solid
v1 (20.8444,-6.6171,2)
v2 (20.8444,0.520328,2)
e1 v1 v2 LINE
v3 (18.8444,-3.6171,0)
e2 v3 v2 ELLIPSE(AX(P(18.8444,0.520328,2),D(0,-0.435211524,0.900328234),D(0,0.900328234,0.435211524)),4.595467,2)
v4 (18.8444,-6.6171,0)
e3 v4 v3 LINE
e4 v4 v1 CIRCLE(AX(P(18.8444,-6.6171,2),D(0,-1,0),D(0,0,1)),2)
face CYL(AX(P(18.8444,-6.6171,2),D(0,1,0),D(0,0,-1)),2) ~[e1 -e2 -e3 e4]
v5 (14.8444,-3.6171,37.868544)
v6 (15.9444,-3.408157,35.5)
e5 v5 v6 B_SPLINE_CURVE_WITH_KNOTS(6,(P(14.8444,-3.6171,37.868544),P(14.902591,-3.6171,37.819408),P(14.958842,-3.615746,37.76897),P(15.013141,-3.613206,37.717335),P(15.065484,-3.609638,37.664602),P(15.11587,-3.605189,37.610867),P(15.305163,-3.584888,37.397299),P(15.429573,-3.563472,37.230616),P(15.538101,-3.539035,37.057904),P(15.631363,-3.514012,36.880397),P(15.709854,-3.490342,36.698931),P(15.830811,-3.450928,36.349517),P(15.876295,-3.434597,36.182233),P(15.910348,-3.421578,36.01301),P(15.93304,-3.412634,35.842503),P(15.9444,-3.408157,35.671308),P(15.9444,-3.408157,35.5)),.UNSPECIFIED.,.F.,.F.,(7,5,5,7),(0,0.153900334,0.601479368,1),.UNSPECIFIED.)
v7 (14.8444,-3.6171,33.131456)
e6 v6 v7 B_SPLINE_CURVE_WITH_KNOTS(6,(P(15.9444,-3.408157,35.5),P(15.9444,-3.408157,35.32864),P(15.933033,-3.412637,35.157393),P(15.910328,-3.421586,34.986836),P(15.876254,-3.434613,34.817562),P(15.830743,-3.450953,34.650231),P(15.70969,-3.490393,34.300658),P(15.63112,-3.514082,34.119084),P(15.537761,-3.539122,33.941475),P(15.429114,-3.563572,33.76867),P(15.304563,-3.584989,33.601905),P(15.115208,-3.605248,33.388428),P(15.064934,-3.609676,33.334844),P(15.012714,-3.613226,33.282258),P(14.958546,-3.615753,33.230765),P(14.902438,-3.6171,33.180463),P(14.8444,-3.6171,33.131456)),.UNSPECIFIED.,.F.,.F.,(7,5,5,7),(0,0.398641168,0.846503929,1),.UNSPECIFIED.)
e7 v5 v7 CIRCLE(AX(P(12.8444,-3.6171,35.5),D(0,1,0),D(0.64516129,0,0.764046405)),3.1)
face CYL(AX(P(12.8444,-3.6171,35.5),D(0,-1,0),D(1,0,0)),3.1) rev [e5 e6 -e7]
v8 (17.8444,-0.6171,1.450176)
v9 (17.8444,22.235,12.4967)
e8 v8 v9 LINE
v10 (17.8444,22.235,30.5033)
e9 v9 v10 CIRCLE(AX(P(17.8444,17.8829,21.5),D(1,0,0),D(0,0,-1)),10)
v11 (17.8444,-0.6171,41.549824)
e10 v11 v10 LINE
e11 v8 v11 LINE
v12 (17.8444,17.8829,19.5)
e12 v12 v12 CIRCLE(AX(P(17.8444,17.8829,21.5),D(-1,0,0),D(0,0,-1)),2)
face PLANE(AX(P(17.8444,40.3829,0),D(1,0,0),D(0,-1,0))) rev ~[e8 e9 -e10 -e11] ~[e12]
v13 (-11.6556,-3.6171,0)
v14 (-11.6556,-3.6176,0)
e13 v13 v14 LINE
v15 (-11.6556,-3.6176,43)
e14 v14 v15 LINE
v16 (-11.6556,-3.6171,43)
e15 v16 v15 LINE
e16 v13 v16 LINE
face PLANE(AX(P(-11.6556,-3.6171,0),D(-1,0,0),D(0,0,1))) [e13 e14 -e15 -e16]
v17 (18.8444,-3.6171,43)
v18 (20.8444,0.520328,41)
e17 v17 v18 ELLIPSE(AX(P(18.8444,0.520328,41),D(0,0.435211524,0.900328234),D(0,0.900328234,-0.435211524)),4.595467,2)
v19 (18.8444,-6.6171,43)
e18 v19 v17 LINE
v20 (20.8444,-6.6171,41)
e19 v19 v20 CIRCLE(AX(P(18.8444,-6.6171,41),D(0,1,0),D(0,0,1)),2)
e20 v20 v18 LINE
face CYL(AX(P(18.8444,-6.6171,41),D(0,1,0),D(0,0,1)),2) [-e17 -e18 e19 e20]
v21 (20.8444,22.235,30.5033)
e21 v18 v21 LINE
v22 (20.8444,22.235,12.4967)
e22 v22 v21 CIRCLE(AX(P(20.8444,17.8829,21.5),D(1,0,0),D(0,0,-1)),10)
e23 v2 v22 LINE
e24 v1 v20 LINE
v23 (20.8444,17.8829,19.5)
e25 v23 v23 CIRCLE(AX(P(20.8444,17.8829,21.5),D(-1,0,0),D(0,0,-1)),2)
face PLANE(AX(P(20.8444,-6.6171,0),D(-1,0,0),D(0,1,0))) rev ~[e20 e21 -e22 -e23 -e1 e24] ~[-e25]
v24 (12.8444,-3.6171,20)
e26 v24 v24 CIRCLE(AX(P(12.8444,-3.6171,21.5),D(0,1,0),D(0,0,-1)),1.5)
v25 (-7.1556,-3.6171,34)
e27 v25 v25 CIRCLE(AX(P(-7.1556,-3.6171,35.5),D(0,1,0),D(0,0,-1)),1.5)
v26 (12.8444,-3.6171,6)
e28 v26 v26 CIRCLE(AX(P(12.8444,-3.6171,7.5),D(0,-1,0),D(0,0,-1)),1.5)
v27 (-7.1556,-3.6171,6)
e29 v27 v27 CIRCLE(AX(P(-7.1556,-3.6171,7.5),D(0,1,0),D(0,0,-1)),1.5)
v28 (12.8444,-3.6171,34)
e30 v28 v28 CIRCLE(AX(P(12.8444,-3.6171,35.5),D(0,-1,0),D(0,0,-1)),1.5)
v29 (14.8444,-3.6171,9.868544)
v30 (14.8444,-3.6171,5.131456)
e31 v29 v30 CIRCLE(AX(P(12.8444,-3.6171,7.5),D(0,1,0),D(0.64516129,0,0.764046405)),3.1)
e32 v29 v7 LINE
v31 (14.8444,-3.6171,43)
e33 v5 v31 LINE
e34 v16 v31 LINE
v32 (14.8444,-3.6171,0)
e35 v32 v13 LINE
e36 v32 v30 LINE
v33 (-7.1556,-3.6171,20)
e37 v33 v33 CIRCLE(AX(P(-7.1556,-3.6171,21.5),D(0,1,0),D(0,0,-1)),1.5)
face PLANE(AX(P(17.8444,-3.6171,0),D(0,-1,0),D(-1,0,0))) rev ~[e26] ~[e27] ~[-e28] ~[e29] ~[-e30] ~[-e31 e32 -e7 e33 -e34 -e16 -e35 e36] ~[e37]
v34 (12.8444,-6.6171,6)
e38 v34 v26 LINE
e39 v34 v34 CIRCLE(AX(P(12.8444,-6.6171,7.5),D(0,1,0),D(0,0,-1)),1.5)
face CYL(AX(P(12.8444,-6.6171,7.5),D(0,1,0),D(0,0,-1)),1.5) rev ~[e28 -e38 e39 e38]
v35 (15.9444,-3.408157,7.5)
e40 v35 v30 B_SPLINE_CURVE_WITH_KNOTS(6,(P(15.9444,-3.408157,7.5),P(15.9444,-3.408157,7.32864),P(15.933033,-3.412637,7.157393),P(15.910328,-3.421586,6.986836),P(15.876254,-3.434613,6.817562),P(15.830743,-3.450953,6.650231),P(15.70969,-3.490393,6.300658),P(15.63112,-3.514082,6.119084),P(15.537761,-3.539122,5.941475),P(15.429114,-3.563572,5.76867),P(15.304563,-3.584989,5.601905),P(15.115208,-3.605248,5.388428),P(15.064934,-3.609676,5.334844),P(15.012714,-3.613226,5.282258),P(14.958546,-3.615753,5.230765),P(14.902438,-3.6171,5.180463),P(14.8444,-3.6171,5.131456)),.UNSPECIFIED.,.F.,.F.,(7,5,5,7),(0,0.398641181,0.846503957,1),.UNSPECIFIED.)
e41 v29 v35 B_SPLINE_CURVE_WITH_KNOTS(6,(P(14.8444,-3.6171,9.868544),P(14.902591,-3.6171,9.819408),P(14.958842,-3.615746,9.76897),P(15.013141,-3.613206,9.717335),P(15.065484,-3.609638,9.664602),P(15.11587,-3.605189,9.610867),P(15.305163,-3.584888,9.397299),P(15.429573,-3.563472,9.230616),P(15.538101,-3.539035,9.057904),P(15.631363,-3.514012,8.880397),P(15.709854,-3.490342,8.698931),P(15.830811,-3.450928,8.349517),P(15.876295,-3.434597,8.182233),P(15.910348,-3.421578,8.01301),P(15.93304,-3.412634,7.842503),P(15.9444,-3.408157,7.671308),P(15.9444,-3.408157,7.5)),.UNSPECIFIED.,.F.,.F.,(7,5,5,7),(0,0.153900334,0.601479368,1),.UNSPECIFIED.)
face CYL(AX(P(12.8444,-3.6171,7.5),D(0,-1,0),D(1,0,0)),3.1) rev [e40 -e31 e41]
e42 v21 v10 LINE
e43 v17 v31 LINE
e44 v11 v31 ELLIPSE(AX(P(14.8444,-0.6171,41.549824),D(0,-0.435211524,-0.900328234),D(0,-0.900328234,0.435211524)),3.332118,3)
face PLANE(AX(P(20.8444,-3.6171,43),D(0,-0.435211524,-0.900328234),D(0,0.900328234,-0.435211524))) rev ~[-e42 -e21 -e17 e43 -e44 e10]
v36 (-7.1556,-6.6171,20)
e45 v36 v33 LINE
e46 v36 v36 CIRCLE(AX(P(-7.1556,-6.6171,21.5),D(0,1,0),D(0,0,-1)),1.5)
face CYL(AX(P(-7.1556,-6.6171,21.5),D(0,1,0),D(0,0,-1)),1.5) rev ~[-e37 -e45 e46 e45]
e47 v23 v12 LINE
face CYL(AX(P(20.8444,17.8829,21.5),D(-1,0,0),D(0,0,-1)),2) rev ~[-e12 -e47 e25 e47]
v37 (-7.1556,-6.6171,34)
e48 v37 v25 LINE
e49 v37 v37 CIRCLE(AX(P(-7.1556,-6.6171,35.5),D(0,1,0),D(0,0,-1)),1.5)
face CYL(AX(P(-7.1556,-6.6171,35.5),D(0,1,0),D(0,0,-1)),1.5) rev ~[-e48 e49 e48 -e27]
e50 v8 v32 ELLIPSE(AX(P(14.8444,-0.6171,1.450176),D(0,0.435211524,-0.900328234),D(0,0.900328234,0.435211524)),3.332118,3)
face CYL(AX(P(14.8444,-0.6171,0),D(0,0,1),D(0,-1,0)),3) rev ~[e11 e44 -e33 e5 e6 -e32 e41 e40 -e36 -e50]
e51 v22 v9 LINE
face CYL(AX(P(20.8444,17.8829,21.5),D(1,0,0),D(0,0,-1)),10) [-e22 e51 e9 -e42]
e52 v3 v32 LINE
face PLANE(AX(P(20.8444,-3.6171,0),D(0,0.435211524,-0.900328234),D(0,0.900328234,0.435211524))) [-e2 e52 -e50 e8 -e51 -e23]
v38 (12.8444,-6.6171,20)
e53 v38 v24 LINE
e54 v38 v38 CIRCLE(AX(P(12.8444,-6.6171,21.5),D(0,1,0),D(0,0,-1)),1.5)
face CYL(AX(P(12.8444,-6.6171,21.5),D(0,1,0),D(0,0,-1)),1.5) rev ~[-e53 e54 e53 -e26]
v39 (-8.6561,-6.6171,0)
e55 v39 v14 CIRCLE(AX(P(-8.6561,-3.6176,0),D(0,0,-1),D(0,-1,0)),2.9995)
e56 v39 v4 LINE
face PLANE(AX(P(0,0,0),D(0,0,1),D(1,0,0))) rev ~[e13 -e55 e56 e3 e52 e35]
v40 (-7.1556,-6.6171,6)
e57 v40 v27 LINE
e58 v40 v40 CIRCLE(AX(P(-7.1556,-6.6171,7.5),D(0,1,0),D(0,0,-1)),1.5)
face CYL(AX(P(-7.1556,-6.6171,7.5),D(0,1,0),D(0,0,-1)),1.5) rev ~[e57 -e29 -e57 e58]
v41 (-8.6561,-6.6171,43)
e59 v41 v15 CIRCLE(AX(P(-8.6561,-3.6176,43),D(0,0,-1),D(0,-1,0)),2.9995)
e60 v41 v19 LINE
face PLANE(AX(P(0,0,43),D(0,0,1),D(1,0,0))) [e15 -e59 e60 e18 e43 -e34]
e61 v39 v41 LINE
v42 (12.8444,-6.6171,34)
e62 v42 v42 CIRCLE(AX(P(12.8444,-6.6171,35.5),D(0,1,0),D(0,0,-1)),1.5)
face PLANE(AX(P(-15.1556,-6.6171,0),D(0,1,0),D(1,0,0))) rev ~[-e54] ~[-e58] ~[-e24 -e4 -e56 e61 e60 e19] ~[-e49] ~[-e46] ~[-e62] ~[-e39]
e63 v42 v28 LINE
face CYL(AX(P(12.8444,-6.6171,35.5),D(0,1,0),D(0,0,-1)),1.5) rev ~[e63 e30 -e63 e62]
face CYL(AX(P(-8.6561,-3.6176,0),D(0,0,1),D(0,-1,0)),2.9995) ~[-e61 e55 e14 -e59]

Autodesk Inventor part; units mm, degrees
ref_plane "YZ Plane" through (0, 0, 0) normal (1, 0, 0) x (0, 1, 0)
ref_plane "XZ Plane" through (0, 0, 0) normal (0, 1, 0) x (-1, 0, 0)
ref_plane "XY Plane" through (0, 0, 0) normal (0, 0, 1) x (1, 0, 0)
sketch "Szkic1" plane through (0, 0, 0) normal (0, 0, 1) x (1, 0, 0)
  line L0 (-15.1556, -3.6171) -> (-15.1556, -6.6171)
  line L1 (-15.1556, -6.6171) -> (20.8444, -6.6171)
  line L2 (20.8444, -6.6171) -> (20.8444, 40.3829)
  line L3 (20.8444, 40.3829) -> (17.8444, 40.3829)
  line L4 (17.8444, 40.3829) -> (17.8444, -3.6171)
  line L5 (17.8444, -3.6171) -> (-15.1556, -3.6171)
  point P0 (0, 0)
  dimension "d0" = 3
  dimension "d1" = 36
  dimension "d2" = 47
  dimension "d3" = 3
extrude "Wyciągnięcie proste1" add sketch "Szkic1" along normal blind 43
fillet "Zaokrąglenie1" radius 3 1 edges at (17.8444, -3.6171, 21.5)
fillet "Zaokrąglenie2" radius 3 2 edges at (-15.1556, -5.1171, 0) (-15.1556, -5.1171, 43)
sketch "Szkic3" plane through (20.8444, -6.6171, 0) normal (0, -1, 0) x (1, 0, 0)
  arc A0 (-33, 43) -> (-36, 40) centre (-33, 40) ccw projected
  line L0 (-36, 3) -> (-36, 40) projected
  arc A1 (-36, 3) -> (-33, 0) centre (-33, 3) ccw projected
  line L1 (-33, 0) -> (0, 0) projected
  line L2 (0, 0) -> (0, 43) projected
  line L3 (-33, 43) -> (0, 43) projected
  point P0 (-20.8444, 0)
  point P1 (-28, 35.5)
  point P2 (-8, 35.5)
  point P3 (-28, 7.5)
  point P4 (-8, 7.5)
  dimension "d40" = 20
  dimension "d41" = 20
  dimension "d42" = 36
  dimension "d43" = 8
  dimension "d44" = 8
  dimension "d45" = 7.5
  dimension "d46" = 7.5
  dimension "d47" = 7.5
  dimension "d48" = 7.5
hole "Otwór3" at (-7.1556, -6.6171, 35.5) at (12.8444, -6.6171, 35.5) at (-7.1556, -6.6171, 7.5) at (12.8444, -6.6171, 7.5) direction (0, 1, 0) diameter 3 end through all
sketch "Szkic4" plane through (20.8444, -6.6171, 0) normal (1, 0, 0) x (0, 0, -1)
  line L0 (0, 0) -> (0, 47) projected
  line L1 (0, 47) -> (-43, 47) projected
  line L2 (-43, 0) -> (-43, 47) projected
  line L3 (0, 0) -> (-43, 0) projected
  line L4 (0, 3) -> (-43, 3) projected
  circle A0 centre (-21.5, 24.5) radius 10
  line L5 (-43, 3) -> (-30.5033, 28.8521)
  line L6 (0, 3) -> (-12.4967, 28.8521)
  point P0 (0, 6.6171)
  dimension "d57" = 43
  dimension "d58" = 21.5
  dimension "d59" = 24.5
  dimension "d60" = 20
extrude "Wyciągnięcie proste4" cut sketch "Szkic4" against normal blind 10 contours L6 A0 L5 L2 L1 L0
hole "Otwór4" at (20.8444, 17.8829, 21.5) direction (-1, 0, 0) diameter 4 end through all
sketch "Szkic5" plane through (-15.1556, -3.6171, 40) normal (0, 1, 0) x (1, 0, 0)
  circle A0 centre (28, 4.5) radius 1.5 projected
  circle A1 centre (28, 32.5) radius 1.5 projected
  circle A2 centre (28, 4.5) radius 3.1
  circle A3 centre (28, 32.5) radius 1.5 projected
  circle A4 centre (28, 32.5) radius 3.1
  point P0 (15.1556, 40)
  dimension "d70" = 6.2
  dimension "d71" = 6.2
extrude "Wyciągnięcie proste5" cut sketch "Szkic5" along normal blind 10
sketch "Szkic6" plane through (-15.1556, -3.6171, 40) normal (0, 1, 0) x (1, 0, 0)
  circle A0 centre (28, 4.5) radius 1.5 projected
  circle A1 centre (28, 32.5) radius 1.5 projected
  line L0 (30, 30.1315) -> (30, 6.8685) projected
  arc A2 (30, 30.1315) -> (30, 34.8685) centre (28, 32.5) ccw projected
  line L1 (30, 40) -> (30, 34.8685) projected
  line L2 (30, 40) -> (3, 40) projected
  arc A3 (3, 40) -> (0, 37) centre (3, 37) ccw projected
  line L3 (0, 37) -> (0, 0) projected
  arc A4 (0, 0) -> (3, -3) centre (3, 0) ccw projected
  line L4 (30, -3) -> (3, -3) projected
  line L5 (30, 2.1315) -> (30, -3) projected
  arc A5 (30, 2.1315) -> (30, 6.8685) centre (28, 4.5) ccw projected
  circle A6 centre (8, 4.5) radius 1.5 projected
  circle A7 centre (8, 32.5) radius 1.5 projected
  line L6 (30, 40) -> (3, 40) projected
  line L7 (3.5, 40) -> (3.5, -3)
  line L8 (30, -3) -> (3, -3) projected
  point P0 (15.1556, 40)
  dimension "d74" = 3.5
extrude "Wyciągnięcie proste6" cut sketch "Szkic6" against normal through all contours L7 L4 A4 L3 A3 L2
fillet "Zaokrąglenie3" radius 2 2 edges at (20.8444, -5.1171, 43) (20.8444, -5.1171, 0)
sketch "Szkic7" plane through (20.8444, -6.6171, 2) normal (0, -1, 0) x (1, 0, 0)
  circle A0 centre (-28, 5.5) radius 1.5 projected
  circle A1 centre (-28, 33.5) radius 1.5 projected
  circle A2 centre (-8, 33.5) radius 1.5 projected
  circle A3 centre (-8, 5.5) radius 1.5 projected
  arc A4 (-2, -2) -> (0, 0) centre (-2, 0) ccw projected
  line L0 (0, 0) -> (0, 39) projected
  arc A5 (0, 39) -> (-2, 41) centre (-2, 39) ccw projected
  line L1 (-32.5, 41) -> (-2, 41) projected
  line L2 (-32.5, 41) -> (-32.5, -2) projected
  line L3 (-32.5, -2) -> (-2, -2) projected
  point P0 (-20.8444, -2)
  point P1 (-28, 19.5)
  point P2 (-8, 19.5)
  dimension "d79" = 14
  dimension "d80" = 14
  dimension "d81" = 14
  dimension "d82" = 14
fillet "Zaokrąglenie4" radius 3 1 edges at (-11.6556, -6.6171, 21.5)
hole "Otwór5" at (-7.1556, -6.6171, 21.5) at (12.8444, -6.6171, 21.5) direction (0, 1, 0) diameter 3 end through all
equation "\"d41\" = d40"
equation "\"d43\" = -0.5 * d40 + 0.5 * d42"
equation "\"d44\" = d43"
equation "\"d46\" = d45"
equation "\"d47\" = d45"
equation "\"d48\" = d47"
equation "\"d58\" = 0.5 * d57"
properties part number "CNCM_ALU_X_Axis_Idler_Mounting_Bracket_Stiffener"
